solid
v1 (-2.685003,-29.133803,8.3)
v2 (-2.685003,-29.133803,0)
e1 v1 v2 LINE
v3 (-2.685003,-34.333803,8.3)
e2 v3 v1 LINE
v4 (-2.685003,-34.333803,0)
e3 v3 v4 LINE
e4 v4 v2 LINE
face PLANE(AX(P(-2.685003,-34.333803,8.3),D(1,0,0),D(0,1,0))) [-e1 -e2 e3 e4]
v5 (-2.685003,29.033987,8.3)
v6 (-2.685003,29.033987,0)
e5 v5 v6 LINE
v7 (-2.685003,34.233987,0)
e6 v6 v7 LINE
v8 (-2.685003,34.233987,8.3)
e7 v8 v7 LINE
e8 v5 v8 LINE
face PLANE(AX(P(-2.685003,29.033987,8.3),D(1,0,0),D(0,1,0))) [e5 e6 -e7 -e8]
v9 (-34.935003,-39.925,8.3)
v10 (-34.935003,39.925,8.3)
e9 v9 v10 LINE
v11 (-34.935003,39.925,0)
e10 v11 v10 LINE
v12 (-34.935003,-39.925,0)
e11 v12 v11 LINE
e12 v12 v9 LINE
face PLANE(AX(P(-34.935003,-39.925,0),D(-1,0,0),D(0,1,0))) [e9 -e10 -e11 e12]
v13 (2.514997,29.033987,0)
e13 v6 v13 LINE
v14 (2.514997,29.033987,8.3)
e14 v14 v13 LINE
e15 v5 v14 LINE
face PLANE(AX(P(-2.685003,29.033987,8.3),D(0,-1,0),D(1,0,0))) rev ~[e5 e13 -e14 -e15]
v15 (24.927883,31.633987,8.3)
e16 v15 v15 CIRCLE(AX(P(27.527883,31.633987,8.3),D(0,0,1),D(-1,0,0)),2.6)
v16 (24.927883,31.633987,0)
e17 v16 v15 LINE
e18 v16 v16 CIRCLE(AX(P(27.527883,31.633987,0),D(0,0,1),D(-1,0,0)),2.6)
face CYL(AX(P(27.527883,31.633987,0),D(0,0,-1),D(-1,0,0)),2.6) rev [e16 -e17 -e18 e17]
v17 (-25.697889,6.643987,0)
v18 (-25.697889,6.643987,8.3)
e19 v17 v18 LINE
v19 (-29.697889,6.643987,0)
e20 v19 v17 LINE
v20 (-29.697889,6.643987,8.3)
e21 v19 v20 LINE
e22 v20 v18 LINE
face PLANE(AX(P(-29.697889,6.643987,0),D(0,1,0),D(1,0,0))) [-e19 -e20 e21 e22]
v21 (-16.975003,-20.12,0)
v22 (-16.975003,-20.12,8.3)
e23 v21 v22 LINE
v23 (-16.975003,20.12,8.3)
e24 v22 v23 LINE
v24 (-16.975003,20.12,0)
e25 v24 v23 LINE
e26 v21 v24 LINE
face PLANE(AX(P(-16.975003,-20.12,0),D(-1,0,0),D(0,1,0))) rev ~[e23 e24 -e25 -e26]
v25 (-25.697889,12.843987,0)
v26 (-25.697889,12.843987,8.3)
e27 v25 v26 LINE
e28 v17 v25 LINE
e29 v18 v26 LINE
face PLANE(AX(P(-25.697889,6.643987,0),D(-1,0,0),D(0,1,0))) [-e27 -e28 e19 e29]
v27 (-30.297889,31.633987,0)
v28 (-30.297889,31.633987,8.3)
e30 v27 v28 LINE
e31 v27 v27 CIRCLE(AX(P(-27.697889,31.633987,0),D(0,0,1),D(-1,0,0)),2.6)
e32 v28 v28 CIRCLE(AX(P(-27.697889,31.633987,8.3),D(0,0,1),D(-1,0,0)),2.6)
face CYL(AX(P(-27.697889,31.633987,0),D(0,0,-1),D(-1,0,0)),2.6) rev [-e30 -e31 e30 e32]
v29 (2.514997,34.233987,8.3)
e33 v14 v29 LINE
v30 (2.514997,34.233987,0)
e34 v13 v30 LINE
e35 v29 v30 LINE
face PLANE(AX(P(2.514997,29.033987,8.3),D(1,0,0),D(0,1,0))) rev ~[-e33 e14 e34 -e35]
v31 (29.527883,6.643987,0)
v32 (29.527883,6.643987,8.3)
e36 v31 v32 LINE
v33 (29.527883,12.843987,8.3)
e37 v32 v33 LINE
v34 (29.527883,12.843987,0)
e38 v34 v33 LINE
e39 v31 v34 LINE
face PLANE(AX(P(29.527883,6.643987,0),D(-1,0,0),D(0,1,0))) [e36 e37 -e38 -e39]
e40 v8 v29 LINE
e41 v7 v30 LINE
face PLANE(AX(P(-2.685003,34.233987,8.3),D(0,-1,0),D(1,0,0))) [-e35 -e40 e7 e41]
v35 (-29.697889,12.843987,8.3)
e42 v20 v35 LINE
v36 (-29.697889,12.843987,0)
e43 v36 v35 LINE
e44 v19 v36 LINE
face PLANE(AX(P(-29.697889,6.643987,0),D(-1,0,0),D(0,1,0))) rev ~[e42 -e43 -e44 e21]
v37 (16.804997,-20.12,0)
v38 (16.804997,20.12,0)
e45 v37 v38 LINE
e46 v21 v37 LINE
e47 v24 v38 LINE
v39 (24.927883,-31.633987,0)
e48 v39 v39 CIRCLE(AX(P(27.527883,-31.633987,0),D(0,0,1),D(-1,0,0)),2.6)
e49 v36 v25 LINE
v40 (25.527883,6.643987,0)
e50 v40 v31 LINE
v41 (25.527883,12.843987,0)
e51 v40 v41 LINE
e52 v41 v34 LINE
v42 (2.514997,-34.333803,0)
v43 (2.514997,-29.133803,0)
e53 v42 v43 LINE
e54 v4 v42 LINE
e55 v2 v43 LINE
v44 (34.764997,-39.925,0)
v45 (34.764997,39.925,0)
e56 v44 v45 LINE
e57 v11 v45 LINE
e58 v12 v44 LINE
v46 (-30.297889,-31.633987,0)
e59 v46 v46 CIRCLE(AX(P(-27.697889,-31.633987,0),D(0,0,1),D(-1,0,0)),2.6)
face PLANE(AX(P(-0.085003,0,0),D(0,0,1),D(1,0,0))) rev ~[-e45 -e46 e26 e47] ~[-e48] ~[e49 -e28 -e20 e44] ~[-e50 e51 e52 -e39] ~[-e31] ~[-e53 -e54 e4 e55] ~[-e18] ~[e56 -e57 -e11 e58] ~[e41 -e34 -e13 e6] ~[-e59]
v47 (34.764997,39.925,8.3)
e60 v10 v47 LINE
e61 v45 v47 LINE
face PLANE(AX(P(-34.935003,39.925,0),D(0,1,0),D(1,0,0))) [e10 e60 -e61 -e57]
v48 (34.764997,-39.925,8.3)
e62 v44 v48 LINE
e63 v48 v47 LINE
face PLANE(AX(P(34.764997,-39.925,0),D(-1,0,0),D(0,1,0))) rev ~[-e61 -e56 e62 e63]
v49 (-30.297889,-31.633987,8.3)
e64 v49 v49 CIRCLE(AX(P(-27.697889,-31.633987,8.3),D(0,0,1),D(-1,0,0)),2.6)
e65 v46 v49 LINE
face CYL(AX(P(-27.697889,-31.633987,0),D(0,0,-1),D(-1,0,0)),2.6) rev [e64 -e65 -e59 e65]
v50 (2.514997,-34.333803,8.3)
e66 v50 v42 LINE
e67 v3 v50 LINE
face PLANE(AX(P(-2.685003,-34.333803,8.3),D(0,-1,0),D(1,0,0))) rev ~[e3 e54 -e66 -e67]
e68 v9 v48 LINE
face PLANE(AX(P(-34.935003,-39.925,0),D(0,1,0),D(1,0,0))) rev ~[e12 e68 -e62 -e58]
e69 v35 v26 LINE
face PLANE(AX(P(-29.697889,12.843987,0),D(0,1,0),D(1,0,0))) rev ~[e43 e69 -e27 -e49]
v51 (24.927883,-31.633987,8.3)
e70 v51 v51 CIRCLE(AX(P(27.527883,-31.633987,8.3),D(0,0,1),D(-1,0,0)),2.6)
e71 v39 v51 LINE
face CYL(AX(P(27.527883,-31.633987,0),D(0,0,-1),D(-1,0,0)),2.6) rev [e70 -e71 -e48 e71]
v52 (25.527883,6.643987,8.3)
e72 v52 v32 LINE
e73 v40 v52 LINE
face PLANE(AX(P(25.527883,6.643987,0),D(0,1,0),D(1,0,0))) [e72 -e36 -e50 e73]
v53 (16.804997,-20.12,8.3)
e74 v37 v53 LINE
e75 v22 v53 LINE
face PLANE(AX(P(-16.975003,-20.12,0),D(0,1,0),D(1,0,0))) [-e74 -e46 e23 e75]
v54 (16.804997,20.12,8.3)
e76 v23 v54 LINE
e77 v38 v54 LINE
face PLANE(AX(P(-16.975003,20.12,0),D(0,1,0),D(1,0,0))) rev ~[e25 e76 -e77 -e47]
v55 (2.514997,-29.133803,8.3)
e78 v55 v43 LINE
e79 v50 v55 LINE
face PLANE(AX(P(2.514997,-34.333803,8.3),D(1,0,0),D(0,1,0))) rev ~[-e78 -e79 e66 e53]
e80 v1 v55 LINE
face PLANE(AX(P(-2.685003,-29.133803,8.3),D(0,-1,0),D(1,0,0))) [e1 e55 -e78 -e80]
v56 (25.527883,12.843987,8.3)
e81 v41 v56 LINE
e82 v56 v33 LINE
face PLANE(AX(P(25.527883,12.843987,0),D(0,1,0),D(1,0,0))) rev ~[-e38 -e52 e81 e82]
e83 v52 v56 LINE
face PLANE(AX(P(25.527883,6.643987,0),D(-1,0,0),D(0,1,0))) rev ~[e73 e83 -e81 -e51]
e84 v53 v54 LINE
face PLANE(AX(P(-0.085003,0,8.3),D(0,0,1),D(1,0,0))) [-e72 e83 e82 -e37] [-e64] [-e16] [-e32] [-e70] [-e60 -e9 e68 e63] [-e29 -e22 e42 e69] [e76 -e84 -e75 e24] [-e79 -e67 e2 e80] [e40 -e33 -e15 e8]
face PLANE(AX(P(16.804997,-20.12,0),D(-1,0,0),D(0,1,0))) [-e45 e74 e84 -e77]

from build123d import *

# Parameters (mm, degrees)
SKETCH_1_W          = 69.7
SKETCH_1_H          = 79.85
SKETCH_1_R          = 2.6
SKETCH_1_W_2        = 33.78
SKETCH_1_H_2        = 40.24
SKETCH_1_W_3        = 4
SKETCH_1_H_3        = 6.2
EXTRUDE_1_DEPTH     = 8.3
SKETCH_3_W          = 5.2
SKETCH_3_H          = 5.2
CUT_EXTRUDE_1_DEPTH = 10
SKETCH_5_W          = 5.2
SKETCH_5_H          = 5.2
CUT_EXTRUDE_2_DEPTH = 10


with BuildPart() as part:
    # Эскиз1 → Бобышка-Вытянуть1 (new body)
    with BuildSketch(Plane.XY):
        with Locations((-0.085003009, 0)):
            Rectangle(SKETCH_1_W, SKETCH_1_H)
        with Locations(Location((-27.697888562, 31.633987252, 0), (0, 0, 180))):
            Circle(SKETCH_1_R, mode=Mode.SUBTRACT)
        with Locations(Location((-27.697888562, -31.633987252, 0), (0, 0, 180))):
            Circle(SKETCH_1_R, mode=Mode.SUBTRACT)
        with Locations(Location((27.527882545, -31.633987252, 0), (0, 0, 180))):
            Circle(SKETCH_1_R, mode=Mode.SUBTRACT)
        with Locations(Location((27.527882545, 31.633987252, 0), (0, 0, 180))):
            Circle(SKETCH_1_R, mode=Mode.SUBTRACT)
        with Locations((-0.085003009, 0)):
            Rectangle(SKETCH_1_W_2, SKETCH_1_H_2, mode=Mode.SUBTRACT)
        with Locations((-27.697888562, 9.743987252)):
            Rectangle(SKETCH_1_W_3, SKETCH_1_H_3, mode=Mode.SUBTRACT)
        with Locations((27.527882545, 9.743987252)):
            Rectangle(SKETCH_1_W_3, SKETCH_1_H_3, mode=Mode.SUBTRACT)
    extrude(amount=EXTRUDE_1_DEPTH)

    # Эскиз3 → Вырез-Вытянуть1 (cut)
    with BuildSketch(Plane.XY.offset(8.3)):
        with Locations((-0.085003009, -31.733803261)):
            Rectangle(SKETCH_3_W, SKETCH_3_H)
    extrude(amount=-CUT_EXTRUDE_1_DEPTH, mode=Mode.SUBTRACT)

    # Эскиз5 → Вырез-Вытянуть2 (cut)
    with BuildSketch(Plane.XY.offset(8.3)):
        with Locations((-0.085003009, 31.633987252)):
            Rectangle(SKETCH_5_W, SKETCH_5_H)
    extrude(amount=-CUT_EXTRUDE_2_DEPTH, mode=Mode.SUBTRACT)


solid = part.part
